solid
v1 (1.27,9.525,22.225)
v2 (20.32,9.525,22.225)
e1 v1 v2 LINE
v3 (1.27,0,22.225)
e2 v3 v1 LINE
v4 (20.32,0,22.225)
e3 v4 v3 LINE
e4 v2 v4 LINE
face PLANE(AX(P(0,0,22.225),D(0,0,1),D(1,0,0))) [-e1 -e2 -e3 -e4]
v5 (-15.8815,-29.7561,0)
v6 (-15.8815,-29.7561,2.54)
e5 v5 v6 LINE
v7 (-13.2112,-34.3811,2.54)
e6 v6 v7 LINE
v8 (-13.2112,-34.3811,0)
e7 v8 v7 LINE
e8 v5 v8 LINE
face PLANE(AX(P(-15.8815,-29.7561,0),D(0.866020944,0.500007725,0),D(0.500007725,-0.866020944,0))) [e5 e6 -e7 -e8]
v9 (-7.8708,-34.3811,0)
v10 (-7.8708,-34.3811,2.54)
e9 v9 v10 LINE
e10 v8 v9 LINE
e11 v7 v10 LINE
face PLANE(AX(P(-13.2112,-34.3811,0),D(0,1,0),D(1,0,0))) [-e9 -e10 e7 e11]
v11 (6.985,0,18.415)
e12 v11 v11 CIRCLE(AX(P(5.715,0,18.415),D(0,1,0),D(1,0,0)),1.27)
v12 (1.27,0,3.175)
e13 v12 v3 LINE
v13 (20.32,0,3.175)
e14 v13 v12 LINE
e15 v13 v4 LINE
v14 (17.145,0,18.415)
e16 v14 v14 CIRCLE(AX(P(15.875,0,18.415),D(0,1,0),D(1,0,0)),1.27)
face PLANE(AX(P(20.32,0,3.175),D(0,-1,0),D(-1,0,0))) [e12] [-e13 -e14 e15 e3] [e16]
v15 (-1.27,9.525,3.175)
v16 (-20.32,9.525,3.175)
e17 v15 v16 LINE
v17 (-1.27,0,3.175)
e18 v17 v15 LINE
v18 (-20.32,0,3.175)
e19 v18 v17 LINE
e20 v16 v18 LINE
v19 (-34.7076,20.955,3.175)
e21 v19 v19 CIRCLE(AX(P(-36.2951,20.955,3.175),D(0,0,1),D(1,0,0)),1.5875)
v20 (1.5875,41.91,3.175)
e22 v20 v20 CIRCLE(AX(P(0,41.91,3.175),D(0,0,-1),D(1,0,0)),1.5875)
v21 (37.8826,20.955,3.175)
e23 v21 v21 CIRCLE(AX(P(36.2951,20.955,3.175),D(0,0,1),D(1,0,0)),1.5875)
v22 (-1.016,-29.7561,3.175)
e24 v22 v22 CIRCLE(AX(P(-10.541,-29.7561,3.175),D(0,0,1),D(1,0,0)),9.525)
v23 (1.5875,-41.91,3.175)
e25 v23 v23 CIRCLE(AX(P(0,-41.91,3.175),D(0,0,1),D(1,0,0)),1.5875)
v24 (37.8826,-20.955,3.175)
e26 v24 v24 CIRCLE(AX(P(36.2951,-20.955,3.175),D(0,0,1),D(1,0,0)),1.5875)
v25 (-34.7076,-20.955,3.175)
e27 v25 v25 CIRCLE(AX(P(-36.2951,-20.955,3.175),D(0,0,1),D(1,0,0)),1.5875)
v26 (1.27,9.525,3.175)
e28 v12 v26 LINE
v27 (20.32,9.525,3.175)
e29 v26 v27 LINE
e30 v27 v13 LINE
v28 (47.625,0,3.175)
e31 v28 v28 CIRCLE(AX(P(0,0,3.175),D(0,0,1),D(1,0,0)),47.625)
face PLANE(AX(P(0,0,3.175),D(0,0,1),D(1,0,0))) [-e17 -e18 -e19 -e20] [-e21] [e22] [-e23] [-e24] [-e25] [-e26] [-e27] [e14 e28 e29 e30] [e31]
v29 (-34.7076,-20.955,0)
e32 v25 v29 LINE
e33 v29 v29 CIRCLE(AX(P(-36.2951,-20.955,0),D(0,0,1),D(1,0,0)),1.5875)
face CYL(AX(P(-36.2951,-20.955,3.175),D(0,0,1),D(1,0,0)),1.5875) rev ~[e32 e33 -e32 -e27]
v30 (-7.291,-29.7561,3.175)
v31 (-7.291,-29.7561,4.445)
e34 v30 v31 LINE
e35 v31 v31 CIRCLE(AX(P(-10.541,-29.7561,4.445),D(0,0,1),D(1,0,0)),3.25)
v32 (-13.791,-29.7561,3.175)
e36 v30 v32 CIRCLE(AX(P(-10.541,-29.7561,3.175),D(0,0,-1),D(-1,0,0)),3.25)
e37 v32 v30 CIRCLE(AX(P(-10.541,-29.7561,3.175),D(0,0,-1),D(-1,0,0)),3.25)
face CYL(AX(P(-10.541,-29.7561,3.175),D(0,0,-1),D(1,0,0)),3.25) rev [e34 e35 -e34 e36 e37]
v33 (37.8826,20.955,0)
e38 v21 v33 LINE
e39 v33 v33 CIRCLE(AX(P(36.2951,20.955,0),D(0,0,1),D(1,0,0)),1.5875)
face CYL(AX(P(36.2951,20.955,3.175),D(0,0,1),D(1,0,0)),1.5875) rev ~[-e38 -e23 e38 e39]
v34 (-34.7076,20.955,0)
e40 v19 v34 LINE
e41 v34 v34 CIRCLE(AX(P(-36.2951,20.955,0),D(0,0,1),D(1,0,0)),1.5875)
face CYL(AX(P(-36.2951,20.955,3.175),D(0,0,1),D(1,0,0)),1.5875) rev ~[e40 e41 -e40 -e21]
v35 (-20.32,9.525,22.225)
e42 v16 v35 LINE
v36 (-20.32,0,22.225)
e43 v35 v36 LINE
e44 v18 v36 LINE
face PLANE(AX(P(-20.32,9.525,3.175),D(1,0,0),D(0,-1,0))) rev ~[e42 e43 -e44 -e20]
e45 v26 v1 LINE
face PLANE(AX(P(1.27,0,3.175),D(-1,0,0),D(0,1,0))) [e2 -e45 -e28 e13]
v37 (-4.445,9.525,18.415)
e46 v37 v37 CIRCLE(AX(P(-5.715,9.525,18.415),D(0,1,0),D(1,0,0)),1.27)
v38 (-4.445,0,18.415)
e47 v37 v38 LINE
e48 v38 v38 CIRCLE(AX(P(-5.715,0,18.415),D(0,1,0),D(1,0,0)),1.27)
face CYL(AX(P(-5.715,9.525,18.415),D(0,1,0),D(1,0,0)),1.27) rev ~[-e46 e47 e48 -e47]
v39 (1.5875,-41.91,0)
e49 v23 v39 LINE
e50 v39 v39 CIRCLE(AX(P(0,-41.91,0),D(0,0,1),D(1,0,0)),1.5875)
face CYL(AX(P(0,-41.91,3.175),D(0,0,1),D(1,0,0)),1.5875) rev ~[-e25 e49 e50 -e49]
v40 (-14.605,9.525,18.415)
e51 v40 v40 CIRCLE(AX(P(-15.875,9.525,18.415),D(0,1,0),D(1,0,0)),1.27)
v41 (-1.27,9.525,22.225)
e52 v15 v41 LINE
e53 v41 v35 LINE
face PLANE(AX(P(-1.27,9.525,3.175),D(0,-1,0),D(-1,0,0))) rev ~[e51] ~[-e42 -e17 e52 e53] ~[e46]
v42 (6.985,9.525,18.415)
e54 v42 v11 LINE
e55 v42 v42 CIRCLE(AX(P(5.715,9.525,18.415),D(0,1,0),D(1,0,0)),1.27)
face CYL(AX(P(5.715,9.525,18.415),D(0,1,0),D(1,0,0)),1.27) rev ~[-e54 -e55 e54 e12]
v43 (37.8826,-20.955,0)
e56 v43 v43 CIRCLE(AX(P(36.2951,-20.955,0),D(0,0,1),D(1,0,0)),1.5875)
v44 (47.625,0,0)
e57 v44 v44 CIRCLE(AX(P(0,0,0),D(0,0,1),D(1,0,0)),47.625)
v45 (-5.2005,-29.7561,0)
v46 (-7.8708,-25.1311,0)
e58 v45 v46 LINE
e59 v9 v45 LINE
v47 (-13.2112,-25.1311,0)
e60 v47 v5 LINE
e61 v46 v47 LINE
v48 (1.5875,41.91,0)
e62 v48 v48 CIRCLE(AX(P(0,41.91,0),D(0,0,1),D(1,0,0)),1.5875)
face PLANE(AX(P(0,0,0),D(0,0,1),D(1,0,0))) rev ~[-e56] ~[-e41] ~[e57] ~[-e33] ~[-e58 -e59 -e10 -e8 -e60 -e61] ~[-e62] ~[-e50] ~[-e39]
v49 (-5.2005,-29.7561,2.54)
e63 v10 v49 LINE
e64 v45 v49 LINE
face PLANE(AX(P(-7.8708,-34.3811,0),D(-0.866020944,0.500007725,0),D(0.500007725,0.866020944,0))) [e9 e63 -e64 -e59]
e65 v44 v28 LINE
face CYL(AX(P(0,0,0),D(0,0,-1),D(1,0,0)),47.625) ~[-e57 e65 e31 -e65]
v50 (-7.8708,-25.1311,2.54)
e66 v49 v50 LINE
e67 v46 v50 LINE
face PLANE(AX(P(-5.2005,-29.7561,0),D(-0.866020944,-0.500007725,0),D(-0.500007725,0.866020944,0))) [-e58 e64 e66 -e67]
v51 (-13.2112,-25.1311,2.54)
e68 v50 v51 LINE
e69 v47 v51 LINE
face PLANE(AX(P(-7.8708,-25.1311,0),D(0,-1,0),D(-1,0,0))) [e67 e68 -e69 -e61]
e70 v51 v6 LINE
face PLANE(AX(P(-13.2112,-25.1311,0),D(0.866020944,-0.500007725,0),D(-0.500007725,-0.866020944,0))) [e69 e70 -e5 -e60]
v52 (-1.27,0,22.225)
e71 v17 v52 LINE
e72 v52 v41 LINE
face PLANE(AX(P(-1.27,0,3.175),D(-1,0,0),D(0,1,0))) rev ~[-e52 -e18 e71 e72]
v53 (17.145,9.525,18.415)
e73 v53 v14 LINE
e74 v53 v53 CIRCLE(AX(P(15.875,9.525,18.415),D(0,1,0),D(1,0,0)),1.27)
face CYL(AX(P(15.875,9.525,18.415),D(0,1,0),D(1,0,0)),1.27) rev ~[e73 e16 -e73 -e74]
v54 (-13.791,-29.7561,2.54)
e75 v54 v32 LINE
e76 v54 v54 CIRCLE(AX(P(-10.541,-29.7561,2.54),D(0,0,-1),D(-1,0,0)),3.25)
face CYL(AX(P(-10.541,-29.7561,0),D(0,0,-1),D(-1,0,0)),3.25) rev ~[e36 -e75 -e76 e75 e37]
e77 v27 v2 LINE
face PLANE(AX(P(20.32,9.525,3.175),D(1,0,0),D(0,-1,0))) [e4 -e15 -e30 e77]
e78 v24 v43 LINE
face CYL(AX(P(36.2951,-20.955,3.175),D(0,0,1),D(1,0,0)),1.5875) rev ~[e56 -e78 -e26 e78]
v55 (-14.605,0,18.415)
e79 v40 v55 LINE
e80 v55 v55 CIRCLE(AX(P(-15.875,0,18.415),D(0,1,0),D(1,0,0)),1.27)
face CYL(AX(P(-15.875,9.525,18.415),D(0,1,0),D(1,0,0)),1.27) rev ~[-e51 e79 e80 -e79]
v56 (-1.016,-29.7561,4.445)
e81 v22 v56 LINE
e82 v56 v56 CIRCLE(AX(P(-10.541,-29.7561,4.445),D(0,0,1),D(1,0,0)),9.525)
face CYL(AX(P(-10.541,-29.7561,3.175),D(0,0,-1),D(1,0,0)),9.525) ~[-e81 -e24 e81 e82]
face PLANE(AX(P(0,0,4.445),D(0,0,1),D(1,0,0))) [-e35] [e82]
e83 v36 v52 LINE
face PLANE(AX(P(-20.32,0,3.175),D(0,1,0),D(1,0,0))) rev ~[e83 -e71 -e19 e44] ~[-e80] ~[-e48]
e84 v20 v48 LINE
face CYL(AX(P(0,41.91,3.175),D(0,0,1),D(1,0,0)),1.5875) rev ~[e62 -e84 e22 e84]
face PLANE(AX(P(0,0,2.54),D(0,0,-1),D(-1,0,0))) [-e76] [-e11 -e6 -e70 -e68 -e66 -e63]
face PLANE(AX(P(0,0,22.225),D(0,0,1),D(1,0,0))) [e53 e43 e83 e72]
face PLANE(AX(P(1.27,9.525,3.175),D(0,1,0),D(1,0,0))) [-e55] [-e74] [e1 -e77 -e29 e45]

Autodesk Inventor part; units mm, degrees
ref_plane "YZ Plane" through (0, 0, 0) normal (1, 0, 0) x (0, 1, 0)
ref_plane "XZ Plane" through (0, 0, 0) normal (0, 1, 0) x (-1, 0, 0)
ref_plane "XY Plane" through (0, 0, 0) normal (0, 0, 1) x (1, 0, 0)
sketch "Sketch1" plane through (0, 0, 0) normal (0, 0, 1) x (1, 0, 0)
  circle A0 centre (0, 0) radius 47.625
  dimension "d0" = 95.25
extrude "Extrusion1" add sketch "Sketch1" along normal blind 3.175
sketch "Sketch3" plane through (0, 0, 3.175) normal (0, 0, 1) x (1, 0, 0)
  line L0 (1.27, 9.525) -> (20.32, 9.525)
  line L1 (20.32, 9.525) -> (20.32, 0)
  line L2 (20.32, 0) -> (1.27, 0)
  line L3 (1.27, 0) -> (1.27, 9.525)
  line L4 (0, 0) -> (0, -11.0035)
  line L5 (-1.27, 9.525) -> (-20.32, 9.525)
  line L6 (-20.32, 9.525) -> (-20.32, 0)
  line L7 (-20.32, 0) -> (-1.27, 0)
  line L8 (-1.27, 0) -> (-1.27, 9.525)
  dimension "d11" = 19.05
  dimension "d12" = 9.525
  dimension "d13" = 1.27
  dimension "d14" = 0
extrude "Extrusion3" add sketch "Sketch3" along normal blind 19.05
sketch "Sketch4" plane through (1.27, 9.525, 3.175) normal (0, 1, 0) x (1, 0, 0)
  circle A0 centre (4.445, -15.24) radius 1.27
  line L0 (19.05, -19.05) -> (0, -19.05) projected
  circle A1 centre (14.605, -15.24) radius 1.27
  line L1 (9.525, -19.05) -> (9.525, -7.9119)
  line L2 (-1.27, 3.175) -> (-1.27, 8.3959)
  circle A2 centre (-6.985, -15.24) radius 1.27
  circle A3 centre (-17.145, -15.24) radius 1.27
  dimension "d17" = 2.54
  dimension "d18" = 3.81
  dimension "d19" = 2.54
  dimension "d20" = 3.81
  dimension "d21" = 10.16
  dimension "d22" = 5.08
extrude "Extrusion4" cut sketch "Sketch4" against normal through all
sketch "Sketch5" plane through (0, 0, 0) normal (0, 0, -1) x (-1, 0, 0)
  circle A0 centre (10.541, -29.7561) radius 3.25
  point P0 (0, 0)
  dimension "d25" = 6.5
  dimension "d26" = 10.541
  dimension "d27" = 29.7561
extrude "Extrusion5" cut sketch "Sketch5" against normal blind 25.4
sketch "Sketch6" plane through (0, 0, 3.175) normal (0, 0, 1) x (1, 0, 0)
  circle A0 centre (-10.541, -29.7561) radius 3.25 projected
  circle A1 centre (0, 0) radius 47.625 projected
  circle A2 centre (-10.541, -29.7561) radius 9.525
  dimension "d30" = 19.05
extrude "Extrusion6" add sketch "Sketch6" along normal blind 1.27 contours A2
sketch "Sketch7" plane through (0, 0, 0) normal (0, 0, -1) x (-1, 0, 0)
  circle A0 centre (10.541, -29.7561) radius 3.25 projected
  circle A1 centre (0, 0) radius 47.625 projected
  line L0 (5.2005, -29.7561) -> (7.8708, -25.1311)
  line L1 (7.8708, -25.1311) -> (13.2112, -25.1311)
  line L2 (13.2112, -25.1311) -> (15.8815, -29.7561)
  line L3 (15.8815, -29.7561) -> (13.2112, -34.3811)
  line L4 (13.2112, -34.3811) -> (7.8708, -34.3811)
  line L5 (7.8708, -34.3811) -> (5.2005, -29.7561)
  dimension "d33" = 9.25
extrude "Extrusion7" cut sketch "Sketch7" against normal blind 2.54 contours L0 L1 L2 L3 L4 L5
sketch "Sketch8" plane through (0, 0, 3.175) normal (0, 0, 1) x (1, 0, 0)
  line L0 (0, 0) -> (0, 41.91)
  circle A0 centre (0, 41.91) radius 1.5875
  circle A1 centre (-36.2951, 20.955) radius 1.5875
  circle A2 centre (-36.2951, -20.955) radius 1.5875
  circle A3 centre (0, -41.91) radius 1.5875
  circle A4 centre (36.2951, -20.955) radius 1.5875
  circle A5 centre (36.2951, 20.955) radius 1.5875
  dimension "d36" = 41.91
  dimension "d37" = 3.175
  dimension "d40" = 360
extrude "Extrusion8" cut sketch "Sketch8" against normal blind 25.4
properties part number "frontServoAttachmentPlate" material "ABS Plastic"
